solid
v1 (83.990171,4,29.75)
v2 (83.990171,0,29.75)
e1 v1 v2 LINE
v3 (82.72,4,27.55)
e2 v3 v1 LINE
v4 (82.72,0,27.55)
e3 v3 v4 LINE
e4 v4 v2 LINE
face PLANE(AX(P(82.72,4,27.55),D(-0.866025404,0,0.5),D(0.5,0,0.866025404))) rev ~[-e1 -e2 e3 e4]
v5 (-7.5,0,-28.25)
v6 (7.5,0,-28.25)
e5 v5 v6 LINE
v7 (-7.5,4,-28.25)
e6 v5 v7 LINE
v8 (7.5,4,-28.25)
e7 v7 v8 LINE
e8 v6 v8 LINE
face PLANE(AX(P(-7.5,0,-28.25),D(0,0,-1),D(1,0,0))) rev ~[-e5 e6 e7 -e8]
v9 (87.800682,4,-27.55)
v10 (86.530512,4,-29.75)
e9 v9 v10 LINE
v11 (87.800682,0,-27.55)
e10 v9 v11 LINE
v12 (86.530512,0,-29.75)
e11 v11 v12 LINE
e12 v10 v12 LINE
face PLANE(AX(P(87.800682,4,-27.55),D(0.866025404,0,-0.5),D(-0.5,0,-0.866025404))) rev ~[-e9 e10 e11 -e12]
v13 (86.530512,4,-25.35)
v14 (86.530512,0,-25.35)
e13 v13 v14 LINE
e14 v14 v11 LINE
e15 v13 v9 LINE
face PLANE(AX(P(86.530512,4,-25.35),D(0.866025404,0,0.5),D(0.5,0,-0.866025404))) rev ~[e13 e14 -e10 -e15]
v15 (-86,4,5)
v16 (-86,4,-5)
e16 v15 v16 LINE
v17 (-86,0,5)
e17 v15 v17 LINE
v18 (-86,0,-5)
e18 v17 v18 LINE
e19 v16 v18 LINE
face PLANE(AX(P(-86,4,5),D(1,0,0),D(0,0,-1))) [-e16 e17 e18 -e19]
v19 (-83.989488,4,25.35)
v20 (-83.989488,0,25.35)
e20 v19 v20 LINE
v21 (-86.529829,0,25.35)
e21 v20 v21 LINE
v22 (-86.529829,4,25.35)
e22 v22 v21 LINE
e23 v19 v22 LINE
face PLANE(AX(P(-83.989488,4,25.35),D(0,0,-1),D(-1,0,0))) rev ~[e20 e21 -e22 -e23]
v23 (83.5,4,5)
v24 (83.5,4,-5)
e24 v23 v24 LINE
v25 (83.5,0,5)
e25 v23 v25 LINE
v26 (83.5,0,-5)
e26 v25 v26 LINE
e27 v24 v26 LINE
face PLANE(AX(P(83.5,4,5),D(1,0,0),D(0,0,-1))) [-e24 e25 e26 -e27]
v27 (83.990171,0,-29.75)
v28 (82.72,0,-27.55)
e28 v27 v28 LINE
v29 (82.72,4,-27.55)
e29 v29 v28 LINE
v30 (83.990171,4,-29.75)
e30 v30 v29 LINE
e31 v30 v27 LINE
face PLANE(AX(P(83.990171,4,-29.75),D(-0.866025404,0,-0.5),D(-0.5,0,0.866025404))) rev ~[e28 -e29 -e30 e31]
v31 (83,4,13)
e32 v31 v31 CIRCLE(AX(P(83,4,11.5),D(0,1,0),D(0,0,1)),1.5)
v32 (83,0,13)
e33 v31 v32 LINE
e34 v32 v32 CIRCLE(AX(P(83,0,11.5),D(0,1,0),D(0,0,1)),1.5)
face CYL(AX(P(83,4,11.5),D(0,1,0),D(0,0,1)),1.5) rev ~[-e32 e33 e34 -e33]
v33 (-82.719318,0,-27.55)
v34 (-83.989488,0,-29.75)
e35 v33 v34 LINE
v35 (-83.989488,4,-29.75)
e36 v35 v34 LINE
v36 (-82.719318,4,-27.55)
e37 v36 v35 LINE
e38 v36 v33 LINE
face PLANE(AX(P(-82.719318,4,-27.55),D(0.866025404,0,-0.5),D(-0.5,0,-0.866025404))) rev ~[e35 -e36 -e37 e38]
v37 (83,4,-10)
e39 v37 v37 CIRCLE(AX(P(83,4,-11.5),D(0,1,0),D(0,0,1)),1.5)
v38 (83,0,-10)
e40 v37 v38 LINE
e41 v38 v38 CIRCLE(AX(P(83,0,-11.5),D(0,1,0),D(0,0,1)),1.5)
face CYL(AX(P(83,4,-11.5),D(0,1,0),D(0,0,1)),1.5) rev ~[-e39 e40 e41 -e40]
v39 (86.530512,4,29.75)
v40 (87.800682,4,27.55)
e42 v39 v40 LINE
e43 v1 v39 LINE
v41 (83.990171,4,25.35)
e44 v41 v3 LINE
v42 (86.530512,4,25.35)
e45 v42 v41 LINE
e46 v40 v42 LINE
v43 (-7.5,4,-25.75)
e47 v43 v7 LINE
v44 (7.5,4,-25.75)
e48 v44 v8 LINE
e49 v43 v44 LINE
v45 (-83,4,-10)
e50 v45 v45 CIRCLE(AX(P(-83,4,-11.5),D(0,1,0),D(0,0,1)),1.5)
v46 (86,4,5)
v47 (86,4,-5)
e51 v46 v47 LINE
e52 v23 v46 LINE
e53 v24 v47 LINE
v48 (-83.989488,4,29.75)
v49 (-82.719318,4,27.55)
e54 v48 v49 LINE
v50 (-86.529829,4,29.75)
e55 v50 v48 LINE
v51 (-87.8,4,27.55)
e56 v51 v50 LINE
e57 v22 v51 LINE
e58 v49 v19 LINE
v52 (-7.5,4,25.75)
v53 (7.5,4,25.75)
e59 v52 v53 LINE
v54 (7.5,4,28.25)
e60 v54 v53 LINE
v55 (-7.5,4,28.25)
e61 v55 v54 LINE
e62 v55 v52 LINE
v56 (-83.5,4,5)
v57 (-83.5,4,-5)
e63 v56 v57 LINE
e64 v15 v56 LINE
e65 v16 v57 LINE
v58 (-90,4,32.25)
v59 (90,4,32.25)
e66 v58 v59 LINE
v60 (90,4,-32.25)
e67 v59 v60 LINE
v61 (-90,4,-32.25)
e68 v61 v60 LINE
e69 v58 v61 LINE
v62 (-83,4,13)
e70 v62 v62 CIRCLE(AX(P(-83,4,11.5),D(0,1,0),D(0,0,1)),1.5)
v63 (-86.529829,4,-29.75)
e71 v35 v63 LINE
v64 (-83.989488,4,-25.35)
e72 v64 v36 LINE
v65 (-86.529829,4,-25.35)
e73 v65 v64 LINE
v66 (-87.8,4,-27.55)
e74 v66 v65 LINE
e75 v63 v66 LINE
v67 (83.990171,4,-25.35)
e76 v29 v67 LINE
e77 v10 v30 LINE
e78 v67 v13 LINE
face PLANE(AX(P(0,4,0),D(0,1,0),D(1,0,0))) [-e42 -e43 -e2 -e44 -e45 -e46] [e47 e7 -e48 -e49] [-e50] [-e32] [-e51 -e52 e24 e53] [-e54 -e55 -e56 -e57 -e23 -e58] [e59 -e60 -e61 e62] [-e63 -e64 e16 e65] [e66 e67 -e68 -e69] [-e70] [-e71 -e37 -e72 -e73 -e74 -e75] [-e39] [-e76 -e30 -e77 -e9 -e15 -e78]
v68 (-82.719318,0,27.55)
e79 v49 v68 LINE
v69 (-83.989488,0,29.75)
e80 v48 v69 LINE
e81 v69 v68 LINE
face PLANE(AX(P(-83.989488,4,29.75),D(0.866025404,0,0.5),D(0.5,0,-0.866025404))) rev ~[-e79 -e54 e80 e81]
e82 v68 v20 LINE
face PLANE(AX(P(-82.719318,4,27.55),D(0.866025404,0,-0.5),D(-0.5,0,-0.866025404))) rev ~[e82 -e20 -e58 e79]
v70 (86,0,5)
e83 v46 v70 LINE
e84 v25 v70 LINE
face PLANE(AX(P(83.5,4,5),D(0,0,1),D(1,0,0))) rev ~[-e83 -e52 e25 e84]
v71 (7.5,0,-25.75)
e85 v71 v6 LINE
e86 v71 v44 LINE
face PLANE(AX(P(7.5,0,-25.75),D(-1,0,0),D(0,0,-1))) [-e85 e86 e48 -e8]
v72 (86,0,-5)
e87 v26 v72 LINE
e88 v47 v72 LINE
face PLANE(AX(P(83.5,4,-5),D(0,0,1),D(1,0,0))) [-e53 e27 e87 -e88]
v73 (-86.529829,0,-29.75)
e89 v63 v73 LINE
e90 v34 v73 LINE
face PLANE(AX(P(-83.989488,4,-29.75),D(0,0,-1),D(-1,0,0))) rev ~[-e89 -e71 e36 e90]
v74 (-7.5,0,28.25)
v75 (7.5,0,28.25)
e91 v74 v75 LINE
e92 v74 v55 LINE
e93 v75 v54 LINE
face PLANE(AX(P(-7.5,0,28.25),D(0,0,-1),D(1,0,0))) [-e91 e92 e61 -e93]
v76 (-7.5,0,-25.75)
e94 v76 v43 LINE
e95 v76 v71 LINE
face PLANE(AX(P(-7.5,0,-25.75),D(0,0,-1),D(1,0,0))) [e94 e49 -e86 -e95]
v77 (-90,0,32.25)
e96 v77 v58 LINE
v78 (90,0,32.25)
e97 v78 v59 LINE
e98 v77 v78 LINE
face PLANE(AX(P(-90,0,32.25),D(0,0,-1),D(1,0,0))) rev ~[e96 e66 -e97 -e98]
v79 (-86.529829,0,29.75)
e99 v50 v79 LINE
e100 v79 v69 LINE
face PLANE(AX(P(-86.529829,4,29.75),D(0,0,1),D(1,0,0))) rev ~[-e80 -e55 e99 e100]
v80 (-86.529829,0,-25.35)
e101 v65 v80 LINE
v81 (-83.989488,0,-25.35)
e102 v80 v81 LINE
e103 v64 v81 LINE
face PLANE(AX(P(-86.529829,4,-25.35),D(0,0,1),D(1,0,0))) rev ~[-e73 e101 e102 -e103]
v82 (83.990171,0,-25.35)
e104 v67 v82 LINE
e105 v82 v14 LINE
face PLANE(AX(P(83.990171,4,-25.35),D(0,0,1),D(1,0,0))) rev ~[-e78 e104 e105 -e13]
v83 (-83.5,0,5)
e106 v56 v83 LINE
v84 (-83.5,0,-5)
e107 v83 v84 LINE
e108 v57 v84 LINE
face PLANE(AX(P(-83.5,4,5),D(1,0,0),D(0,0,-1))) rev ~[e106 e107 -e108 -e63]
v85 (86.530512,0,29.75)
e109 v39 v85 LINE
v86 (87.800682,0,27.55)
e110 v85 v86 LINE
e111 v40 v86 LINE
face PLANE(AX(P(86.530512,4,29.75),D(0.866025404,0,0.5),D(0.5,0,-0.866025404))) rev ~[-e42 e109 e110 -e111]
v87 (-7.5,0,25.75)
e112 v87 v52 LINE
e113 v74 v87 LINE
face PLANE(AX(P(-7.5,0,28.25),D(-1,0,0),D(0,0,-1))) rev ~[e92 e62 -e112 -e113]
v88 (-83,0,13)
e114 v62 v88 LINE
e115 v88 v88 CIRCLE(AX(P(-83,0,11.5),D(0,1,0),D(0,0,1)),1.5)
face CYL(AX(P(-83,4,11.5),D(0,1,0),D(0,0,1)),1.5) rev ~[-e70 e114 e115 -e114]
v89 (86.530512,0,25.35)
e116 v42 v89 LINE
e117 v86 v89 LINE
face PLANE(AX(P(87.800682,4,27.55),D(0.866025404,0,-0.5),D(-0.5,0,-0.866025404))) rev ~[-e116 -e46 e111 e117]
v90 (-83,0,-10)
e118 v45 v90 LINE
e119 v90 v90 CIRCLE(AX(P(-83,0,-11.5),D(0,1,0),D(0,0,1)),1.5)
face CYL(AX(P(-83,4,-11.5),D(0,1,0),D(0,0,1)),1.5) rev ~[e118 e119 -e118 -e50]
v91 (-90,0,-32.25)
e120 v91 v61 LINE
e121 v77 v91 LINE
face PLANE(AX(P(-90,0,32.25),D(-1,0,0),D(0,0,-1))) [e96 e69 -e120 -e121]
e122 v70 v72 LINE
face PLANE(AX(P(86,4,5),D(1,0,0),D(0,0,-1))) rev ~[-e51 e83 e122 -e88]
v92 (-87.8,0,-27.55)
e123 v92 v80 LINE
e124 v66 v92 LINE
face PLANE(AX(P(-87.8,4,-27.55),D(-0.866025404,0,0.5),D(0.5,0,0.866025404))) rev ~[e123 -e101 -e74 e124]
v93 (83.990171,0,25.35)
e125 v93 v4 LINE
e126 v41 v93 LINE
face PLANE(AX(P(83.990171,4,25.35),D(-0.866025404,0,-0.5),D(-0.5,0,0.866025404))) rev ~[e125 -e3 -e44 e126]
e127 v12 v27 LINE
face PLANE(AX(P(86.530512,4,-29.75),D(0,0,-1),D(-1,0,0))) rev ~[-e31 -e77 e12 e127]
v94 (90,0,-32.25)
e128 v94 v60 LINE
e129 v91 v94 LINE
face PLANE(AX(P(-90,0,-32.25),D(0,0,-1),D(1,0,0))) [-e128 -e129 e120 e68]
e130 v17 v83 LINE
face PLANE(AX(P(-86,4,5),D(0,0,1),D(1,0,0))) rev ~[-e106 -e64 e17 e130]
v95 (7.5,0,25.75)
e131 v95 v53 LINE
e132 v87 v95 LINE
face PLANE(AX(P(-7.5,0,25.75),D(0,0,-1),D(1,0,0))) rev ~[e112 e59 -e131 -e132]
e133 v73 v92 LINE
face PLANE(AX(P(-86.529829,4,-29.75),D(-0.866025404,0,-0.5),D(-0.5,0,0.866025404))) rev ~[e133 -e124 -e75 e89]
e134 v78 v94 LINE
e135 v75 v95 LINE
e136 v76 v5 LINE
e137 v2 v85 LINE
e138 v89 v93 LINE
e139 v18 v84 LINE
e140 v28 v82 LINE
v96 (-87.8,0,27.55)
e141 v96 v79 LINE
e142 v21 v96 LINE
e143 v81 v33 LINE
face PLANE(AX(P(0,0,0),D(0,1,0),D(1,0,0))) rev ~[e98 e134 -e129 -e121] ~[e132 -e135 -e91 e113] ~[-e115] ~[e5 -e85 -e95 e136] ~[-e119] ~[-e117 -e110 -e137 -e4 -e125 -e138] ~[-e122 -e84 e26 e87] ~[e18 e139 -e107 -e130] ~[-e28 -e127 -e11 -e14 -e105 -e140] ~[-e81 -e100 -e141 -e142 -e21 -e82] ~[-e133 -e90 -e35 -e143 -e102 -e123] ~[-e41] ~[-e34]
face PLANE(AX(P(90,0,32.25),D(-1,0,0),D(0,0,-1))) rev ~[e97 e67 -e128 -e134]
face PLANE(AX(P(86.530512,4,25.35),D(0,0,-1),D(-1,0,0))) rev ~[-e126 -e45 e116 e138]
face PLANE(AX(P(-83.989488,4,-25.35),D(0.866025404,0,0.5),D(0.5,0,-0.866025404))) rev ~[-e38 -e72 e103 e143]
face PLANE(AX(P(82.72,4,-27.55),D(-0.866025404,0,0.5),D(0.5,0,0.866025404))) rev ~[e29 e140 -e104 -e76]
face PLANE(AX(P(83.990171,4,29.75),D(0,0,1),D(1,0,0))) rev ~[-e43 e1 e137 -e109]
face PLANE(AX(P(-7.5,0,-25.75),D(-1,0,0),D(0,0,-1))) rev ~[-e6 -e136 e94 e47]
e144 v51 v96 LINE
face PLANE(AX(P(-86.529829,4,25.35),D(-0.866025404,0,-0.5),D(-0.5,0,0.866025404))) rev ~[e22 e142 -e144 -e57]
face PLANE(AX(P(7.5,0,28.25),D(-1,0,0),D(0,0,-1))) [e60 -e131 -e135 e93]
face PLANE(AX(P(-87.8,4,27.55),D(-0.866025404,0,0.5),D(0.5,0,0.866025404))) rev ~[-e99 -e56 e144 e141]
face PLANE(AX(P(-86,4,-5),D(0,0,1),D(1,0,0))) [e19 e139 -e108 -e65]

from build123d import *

# Parameters (mm, degrees)
CROQUIS1_W              = 180
CROQUIS1_H              = 64.5
SALIENTE_EXTRUIR1_DEPTH = 4
CROQUIS2_W              = 2.5
CROQUIS2_H              = 10
CORTAR_EXTRUIR1_DEPTH   = 4
MATRIZL1_COUNT          = 2
MATRIZL1_PITCH          = 169.5
CROQUIS3_W              = 15
CROQUIS3_H              = 2.5
CORTAR_EXTRUIR2_DEPTH   = 4
CORTAR_EXTRUIR3_DEPTH   = 4
MATRIZL2_COUNT          = 2
MATRIZL2_PITCH          = 170.52
MATRIZL2_COUNT_DIR2     = 2
MATRIZL2_PITCH_DIR2     = 55.1
CROQUIS5_R              = 1.5
CORTAR_EXTRUIR4_DEPTH   = 4


with BuildPart() as part:
    # Croquis1 → Saliente-Extruir1 (new body)
    with BuildSketch(Plane(origin=(0, 0, 0), x_dir=(1, 0, 0), z_dir=(0, 1, 0))):
        Rectangle(CROQUIS1_W, CROQUIS1_H)
    extrude(amount=SALIENTE_EXTRUIR1_DEPTH)

    # Croquis2 → Cortar-Extruir1 (cut)
    with BuildSketch(Plane(origin=(0, 4, 0), x_dir=(1, 0, 0), z_dir=(0, 1, 0))):
        with Locations((84.75, 0)):
            Rectangle(CROQUIS2_W, CROQUIS2_H)
    cortar_extruir1 = extrude(amount=-CORTAR_EXTRUIR1_DEPTH, mode=Mode.SUBTRACT)

    # MatrizL1: Cortar-Extruir1 ×2
    with Locations(*[(-i * MATRIZL1_PITCH, 0, 0) for i in range(1, MATRIZL1_COUNT)]):
        add(cortar_extruir1, mode=Mode.SUBTRACT)

    # Croquis3 → Cortar-Extruir2 (cut)
    with BuildSketch(Plane(origin=(0, 0, 0), x_dir=(1, 0, 0), z_dir=(0, 1, 0))):
        with Locations((0, 27)):
            Rectangle(CROQUIS3_W, CROQUIS3_H)
        with Locations((0, -27)):
            Rectangle(CROQUIS3_W, CROQUIS3_H)
    extrude(amount=CORTAR_EXTRUIR2_DEPTH, mode=Mode.SUBTRACT)

    # Croquis4 → Cortar-Extruir3 (cut)
    with BuildSketch(Plane(origin=(0, 4, 0), x_dir=(1, 0, 0), z_dir=(0, 1, 0))):
        Polygon((-82.719317631, 27.55), (-83.989488223, 29.75), (-86.529829408, 29.75), (-87.8, 27.55), (-86.529829408, 25.35), (-83.989488223, 25.35), align=None)
    cortar_extruir3 = extrude(amount=-CORTAR_EXTRUIR3_DEPTH, mode=Mode.SUBTRACT)

    # MatrizL2: Cortar-Extruir3 2 × 2
    with Locations(*[(i * MATRIZL2_PITCH, 0, j * MATRIZL2_PITCH_DIR2) for i in range(MATRIZL2_COUNT) for j in range(MATRIZL2_COUNT_DIR2) if (i, j) != (0, 0)]):
        add(cortar_extruir3, mode=Mode.SUBTRACT)

    # Croquis5 → Cortar-Extruir4 (cut)
    with BuildSketch(Plane(origin=(0, 4, 0), x_dir=(1, 0, 0), z_dir=(0, 1, 0))):
        with Locations(Location((-83, 11.5, 0), (0, 0, 270))):
            Circle(CROQUIS5_R)
        with Locations(Location((-83, -11.5, 0), (0, 0, 270))):
            Circle(CROQUIS5_R)
        with Locations(Location((83, -11.5, 0), (0, 0, 270))):
            Circle(CROQUIS5_R)
        with Locations(Location((83, 11.5, 0), (0, 0, 270))):
            Circle(CROQUIS5_R)
    extrude(amount=-CORTAR_EXTRUIR4_DEPTH, mode=Mode.SUBTRACT)


solid = part.part
